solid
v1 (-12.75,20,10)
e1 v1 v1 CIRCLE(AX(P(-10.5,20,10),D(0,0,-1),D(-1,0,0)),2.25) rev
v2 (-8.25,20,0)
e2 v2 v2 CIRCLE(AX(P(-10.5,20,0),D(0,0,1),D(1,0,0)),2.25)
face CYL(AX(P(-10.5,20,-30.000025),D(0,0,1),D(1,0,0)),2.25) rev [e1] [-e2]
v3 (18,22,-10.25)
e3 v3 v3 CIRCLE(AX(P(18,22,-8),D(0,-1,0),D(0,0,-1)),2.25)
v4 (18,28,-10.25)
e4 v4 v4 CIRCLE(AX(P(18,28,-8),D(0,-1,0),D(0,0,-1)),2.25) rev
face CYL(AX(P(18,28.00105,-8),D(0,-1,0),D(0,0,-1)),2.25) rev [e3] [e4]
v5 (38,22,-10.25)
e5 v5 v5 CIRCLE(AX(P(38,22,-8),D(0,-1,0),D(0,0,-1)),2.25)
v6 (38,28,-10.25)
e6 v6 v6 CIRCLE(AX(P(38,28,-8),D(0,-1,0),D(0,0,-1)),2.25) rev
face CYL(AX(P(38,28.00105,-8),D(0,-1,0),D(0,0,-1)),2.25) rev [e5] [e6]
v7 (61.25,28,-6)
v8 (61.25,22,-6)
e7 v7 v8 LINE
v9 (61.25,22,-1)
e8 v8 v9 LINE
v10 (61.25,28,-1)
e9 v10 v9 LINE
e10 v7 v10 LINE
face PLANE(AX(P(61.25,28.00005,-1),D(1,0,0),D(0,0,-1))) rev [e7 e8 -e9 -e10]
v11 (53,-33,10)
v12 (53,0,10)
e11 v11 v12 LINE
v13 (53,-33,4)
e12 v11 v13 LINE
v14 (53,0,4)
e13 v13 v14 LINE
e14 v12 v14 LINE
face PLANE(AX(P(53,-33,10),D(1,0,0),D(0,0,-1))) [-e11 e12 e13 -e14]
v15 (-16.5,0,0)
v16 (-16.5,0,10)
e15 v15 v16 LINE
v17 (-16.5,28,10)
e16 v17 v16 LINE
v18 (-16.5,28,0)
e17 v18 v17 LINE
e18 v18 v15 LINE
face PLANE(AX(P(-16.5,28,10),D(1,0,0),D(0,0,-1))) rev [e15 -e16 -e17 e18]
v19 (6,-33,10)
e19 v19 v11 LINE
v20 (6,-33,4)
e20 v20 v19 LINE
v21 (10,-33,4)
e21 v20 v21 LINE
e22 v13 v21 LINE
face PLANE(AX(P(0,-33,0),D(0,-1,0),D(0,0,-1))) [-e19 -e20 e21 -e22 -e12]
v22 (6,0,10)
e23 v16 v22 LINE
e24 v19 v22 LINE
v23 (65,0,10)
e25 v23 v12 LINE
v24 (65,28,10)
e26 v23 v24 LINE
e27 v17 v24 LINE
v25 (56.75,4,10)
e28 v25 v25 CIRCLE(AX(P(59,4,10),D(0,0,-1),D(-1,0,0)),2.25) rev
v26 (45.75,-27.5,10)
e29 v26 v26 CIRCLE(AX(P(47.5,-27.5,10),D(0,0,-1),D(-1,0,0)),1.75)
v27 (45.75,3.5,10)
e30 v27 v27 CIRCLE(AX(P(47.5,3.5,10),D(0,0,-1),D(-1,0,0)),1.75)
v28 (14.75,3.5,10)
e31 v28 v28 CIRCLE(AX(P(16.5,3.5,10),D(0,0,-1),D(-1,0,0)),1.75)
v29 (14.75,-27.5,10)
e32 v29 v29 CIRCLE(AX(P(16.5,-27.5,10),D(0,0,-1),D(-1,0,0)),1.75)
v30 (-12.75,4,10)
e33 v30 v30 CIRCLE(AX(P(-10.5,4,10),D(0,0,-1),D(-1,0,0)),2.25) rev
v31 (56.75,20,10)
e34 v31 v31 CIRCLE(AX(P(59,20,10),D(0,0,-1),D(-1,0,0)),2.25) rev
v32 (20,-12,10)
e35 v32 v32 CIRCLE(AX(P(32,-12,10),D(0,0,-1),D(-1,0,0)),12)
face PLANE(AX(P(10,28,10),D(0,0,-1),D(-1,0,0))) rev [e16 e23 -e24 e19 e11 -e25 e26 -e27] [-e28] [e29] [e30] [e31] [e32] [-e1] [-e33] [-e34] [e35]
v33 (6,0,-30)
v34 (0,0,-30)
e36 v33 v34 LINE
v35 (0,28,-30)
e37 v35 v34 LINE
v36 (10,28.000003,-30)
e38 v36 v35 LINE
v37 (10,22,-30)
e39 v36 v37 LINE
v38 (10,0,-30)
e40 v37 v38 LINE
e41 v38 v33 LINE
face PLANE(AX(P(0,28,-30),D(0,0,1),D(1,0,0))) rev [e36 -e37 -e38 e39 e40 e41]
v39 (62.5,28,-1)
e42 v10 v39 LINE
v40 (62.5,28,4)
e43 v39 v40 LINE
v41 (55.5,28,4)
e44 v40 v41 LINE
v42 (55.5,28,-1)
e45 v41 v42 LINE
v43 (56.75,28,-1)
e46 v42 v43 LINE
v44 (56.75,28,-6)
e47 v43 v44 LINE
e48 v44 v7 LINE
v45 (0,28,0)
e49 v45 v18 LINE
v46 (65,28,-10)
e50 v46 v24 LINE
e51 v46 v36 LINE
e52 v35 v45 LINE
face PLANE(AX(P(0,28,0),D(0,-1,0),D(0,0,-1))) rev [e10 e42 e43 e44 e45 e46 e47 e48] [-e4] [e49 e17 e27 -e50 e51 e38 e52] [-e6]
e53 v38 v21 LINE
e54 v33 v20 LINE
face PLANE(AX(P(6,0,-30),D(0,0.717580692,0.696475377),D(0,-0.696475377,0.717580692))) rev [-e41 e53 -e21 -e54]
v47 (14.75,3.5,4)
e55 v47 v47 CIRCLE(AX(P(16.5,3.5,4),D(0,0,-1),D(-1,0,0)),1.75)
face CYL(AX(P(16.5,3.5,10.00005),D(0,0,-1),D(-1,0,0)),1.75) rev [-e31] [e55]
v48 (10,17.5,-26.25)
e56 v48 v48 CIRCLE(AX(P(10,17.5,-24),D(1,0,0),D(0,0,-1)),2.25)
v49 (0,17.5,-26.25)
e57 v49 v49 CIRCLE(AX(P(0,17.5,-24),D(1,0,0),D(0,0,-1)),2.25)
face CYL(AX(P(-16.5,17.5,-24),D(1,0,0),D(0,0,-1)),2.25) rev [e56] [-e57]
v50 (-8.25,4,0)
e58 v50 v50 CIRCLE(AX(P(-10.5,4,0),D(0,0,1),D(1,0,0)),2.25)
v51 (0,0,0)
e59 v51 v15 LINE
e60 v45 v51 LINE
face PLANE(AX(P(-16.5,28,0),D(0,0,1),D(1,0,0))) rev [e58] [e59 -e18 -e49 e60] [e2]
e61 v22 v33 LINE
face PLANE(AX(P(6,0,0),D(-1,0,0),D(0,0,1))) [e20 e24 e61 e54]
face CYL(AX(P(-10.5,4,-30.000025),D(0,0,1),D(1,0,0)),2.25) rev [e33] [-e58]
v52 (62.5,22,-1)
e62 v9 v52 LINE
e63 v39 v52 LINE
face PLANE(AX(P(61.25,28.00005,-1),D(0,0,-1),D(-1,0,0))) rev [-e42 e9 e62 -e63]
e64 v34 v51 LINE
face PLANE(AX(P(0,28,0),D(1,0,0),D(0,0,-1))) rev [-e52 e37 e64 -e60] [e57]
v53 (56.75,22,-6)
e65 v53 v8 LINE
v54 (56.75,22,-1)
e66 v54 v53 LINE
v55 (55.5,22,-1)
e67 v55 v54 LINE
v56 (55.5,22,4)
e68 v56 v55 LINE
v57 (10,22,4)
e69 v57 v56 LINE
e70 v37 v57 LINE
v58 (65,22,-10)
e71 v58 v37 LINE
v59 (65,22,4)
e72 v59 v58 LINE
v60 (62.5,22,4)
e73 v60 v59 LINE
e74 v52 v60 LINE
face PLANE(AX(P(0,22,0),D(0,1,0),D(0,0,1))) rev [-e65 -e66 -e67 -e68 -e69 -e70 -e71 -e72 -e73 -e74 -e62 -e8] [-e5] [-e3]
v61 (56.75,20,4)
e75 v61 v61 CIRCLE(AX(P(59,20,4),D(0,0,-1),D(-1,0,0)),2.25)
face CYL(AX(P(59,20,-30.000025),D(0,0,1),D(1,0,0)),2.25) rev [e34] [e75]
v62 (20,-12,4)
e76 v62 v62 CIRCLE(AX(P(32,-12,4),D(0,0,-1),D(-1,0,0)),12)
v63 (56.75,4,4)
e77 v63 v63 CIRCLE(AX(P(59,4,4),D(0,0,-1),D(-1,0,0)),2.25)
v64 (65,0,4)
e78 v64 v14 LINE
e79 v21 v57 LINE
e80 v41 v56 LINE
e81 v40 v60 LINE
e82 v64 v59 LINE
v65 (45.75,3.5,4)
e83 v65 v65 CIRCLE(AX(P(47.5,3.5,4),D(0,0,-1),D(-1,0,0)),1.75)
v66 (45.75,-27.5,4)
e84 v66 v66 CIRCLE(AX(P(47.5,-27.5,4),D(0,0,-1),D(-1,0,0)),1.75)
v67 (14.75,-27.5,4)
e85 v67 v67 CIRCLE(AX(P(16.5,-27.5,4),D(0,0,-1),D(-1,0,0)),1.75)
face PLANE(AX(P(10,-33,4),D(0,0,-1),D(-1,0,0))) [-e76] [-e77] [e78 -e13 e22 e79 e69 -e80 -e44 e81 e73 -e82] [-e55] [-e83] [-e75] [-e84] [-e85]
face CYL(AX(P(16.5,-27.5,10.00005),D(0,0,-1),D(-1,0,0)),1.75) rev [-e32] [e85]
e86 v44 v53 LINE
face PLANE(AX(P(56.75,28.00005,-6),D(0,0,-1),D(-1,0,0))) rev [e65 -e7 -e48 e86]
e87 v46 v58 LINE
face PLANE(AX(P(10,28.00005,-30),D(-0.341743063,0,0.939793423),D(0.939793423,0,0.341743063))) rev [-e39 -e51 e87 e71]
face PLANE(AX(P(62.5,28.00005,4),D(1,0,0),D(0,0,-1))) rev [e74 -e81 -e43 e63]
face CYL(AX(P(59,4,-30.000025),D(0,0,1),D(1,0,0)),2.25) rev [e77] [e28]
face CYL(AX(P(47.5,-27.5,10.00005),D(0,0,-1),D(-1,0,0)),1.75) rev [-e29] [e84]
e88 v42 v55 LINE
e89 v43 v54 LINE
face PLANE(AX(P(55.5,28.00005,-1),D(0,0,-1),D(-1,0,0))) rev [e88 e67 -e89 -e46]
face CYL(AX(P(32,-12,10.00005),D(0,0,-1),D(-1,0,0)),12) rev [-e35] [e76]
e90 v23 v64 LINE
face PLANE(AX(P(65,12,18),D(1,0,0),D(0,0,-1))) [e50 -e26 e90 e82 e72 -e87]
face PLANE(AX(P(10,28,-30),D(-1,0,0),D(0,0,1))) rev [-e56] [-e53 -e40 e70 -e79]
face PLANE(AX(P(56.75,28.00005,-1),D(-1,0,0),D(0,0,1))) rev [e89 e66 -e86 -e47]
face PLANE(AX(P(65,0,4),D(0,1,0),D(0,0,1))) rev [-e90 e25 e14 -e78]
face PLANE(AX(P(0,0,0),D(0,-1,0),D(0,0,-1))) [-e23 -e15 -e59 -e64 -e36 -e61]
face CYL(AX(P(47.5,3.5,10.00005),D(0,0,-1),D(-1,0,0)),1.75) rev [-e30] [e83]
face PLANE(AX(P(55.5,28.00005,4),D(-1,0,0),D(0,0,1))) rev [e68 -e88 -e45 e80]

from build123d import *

# Parameters (mm, degrees)
BOSS_EXTRUDE1_DEPTH = 28
SKETCH3_W           = 43
SKETCH3_H           = 6
BOSS_EXTRUDE2_DEPTH = 61
SKETCH4_R           = 12
SKETCH4_R_2         = 1.75
CUT_EXTRUDE1_DEPTH  = 72.091490349
BOSS_EXTRUDE3_DEPTH = 12
BOSS_EXTRUDE4_DEPTH = 12
SKETCH5_R           = 2.25
CUT_EXTRUDE2_DEPTH  = 88.281154896
SKETCH8_W           = 55
SKETCH8_H           = 34
BOSS_EXTRUDE5_DEPTH = 6
CUT_EXTRUDE3_DEPTH  = 91.277350426
BOSS_EXTRUDE6_DEPTH = 4
SKETCH11_R          = 2.25
CUT_EXTRUDE4_DEPTH  = 71.809603868
CUT_EXTRUDE5_REACH  = 92.277
SKETCH12_R          = 2.25
CUT_EXTRUDE6_DEPTH  = 91.277350426
SKETCH14_W          = 8
SKETCH14_H          = 28
CUT_EXTRUDE7_DEPTH  = 93.90452088


with BuildPart() as part:
    # Sketch2 → Boss-Extrude1 (new body)
    with BuildSketch(Plane(origin=(0, 0, 0), x_dir=(1, 0, 0), z_dir=(0, 1, 0))):
        Polygon((-16.5, 0), (0, 0), (0, 30), (10, 30), (10, -10), (-16.5, -10), align=None)
    extrude(amount=BOSS_EXTRUDE1_DEPTH)

    # Sketch3 → Boss-Extrude2 (add)
    with BuildSketch(Plane(origin=(0, 28, 0), x_dir=(1, 0, 0), z_dir=(0, 1, 0))):
        with Locations((31.5, -7)):
            Rectangle(SKETCH3_W, SKETCH3_H)
    extrude(amount=-BOSS_EXTRUDE2_DEPTH)

    # Sketch4 → Cut-Extrude1 (cut, through all)
    with BuildSketch(Plane(origin=(0, 0, 4), x_dir=(-1, 0, 0), z_dir=(0, 0, -1))):
        with Locations((-32, -12)):
            Circle(SKETCH4_R)
        with Locations((-16.5, 3.5)):
            Circle(SKETCH4_R_2)
        with Locations((-16.5, -27.5)):
            Circle(SKETCH4_R_2)
        with Locations((-47.5, -27.5)):
            Circle(SKETCH4_R_2)
        with Locations((-47.5, 3.5)):
            Circle(SKETCH4_R_2)
    extrude(amount=-CUT_EXTRUDE1_DEPTH, mode=Mode.SUBTRACT)

    # Sketch6 → Boss-Extrude3 (add)
    with BuildSketch(Plane.ZY.offset(16.5)):
        with BuildLine():
            Line((10, 28), (10, 0))
            Line((10, 0), (18, 0))
            Line((18, 0), (18, 8))
            ThreePointArc((18, 8), (14, 12), (18, 16))
            Line((18, 16), (18, 28))
            Line((18, 28), (10, 28))
        make_face()
    extrude(amount=-BOSS_EXTRUDE3_DEPTH)

    # Sketch7 → Boss-Extrude4 (add)
    with BuildSketch(Plane(origin=(53, 0, 0), x_dir=(0, 0, -1), z_dir=(1, 0, 0))):
        with BuildLine():
            Line((-18, 8), (-18, 0))
            Line((-18, 0), (-4, 0))
            Line((-4, 0), (-4, 28))
            Line((-4, 28), (-18, 28))
            Line((-18, 28), (-18, 16))
            ThreePointArc((-18, 16), (-14, 12), (-18, 8))
        make_face()
    extrude(amount=BOSS_EXTRUDE4_DEPTH)

    # Sketch5 → Cut-Extrude2 (cut, through all)
    with BuildSketch(Plane.XY.offset(18)):
        with Locations((-10.5, 20)):
            Circle(SKETCH5_R)
        with Locations((-10.5, 4)):
            Circle(SKETCH5_R)
        with Locations(Location((59, 4, 0), (0, 0, 180))):
            Circle(SKETCH5_R)
        with Locations(Location((59, 20, 0), (0, 0, 180))):
            Circle(SKETCH5_R)
    extrude(amount=-CUT_EXTRUDE2_DEPTH, mode=Mode.SUBTRACT)

    # Sketch8 → Boss-Extrude5 (add)
    with BuildSketch(Plane(origin=(0, 28, 0), x_dir=(1, 0, 0), z_dir=(0, 1, 0))):
        with Locations((37.5, 13)):
            Rectangle(SKETCH8_W, SKETCH8_H)
    extrude(amount=-BOSS_EXTRUDE5_DEPTH)

    # Sketch9 → Cut-Extrude3 (cut, through all)
    with BuildSketch(Plane.XZ.offset(-22)):
        Polygon((55.5, 4), (62.5, 4), (62.5, -1), (61.25, -1), (61.25, -6), (56.75, -6), (56.75, -1), (55.5, -1), align=None)
    extrude(amount=-CUT_EXTRUDE3_DEPTH, mode=Mode.SUBTRACT)

    # Sketch10 → Boss-Extrude6 (add)
    with BuildSketch(Plane.ZY.offset(-10)):
        Polygon((-30, 0), (4, -33), (10, -33), (10, -24.264705882), (10, 0), (-15, 0), align=None)
    extrude(amount=BOSS_EXTRUDE6_DEPTH)

    # Sketch11 → Cut-Extrude4 (cut, through all)
    with BuildSketch(Plane(origin=(10, 0, 0), x_dir=(0, 0, -1), z_dir=(1, 0, 0))):
        with Locations((24, 17.5)):
            Circle(SKETCH11_R)
    extrude(amount=-CUT_EXTRUDE4_DEPTH, mode=Mode.SUBTRACT)

    # Sketch12 → Cut-Extrude5 (cut, up to next)
    with BuildSketch(Plane.XZ.offset(-22), mode=Mode.PRIVATE) as cut_extrude5_sk1:
        with Locations(Location((18, -8, 0), (0, 0, 270))):
            Circle(SKETCH12_R)
    cut_extrude5_tool1 = extrude(cut_extrude5_sk1.sketch, amount=-CUT_EXTRUDE5_REACH, mode=Mode.PRIVATE) & part.part
    # Sketch12 → Cut-Extrude5 (cut, up to next)
    with BuildSketch(Plane.XZ.offset(-22), mode=Mode.PRIVATE) as cut_extrude5_sk2:
        with Locations(Location((38, -8, 0), (0, 0, 270))):
            Circle(SKETCH12_R)
    cut_extrude5_tool2 = extrude(cut_extrude5_sk2.sketch, amount=-CUT_EXTRUDE5_REACH, mode=Mode.PRIVATE) & part.part
    add(cut_extrude5_tool1.solids().sort_by_distance((18, 22, -8))[0], mode=Mode.SUBTRACT)
    add(cut_extrude5_tool2.solids().sort_by_distance((38, 22, -8))[0], mode=Mode.SUBTRACT)

    # Sketch13 → Cut-Extrude6 (cut, through all)
    with BuildSketch(Plane.XZ.offset(-22)):
        Polygon((10, -30), (65, -10), (65, -30), align=None)
    extrude(amount=-CUT_EXTRUDE6_DEPTH, mode=Mode.SUBTRACT)

    # Sketch14 → Cut-Extrude7 (cut, through all)
    with BuildSketch(Plane.ZY.offset(16.5)):
        with Locations((14, 14)):
            Rectangle(SKETCH14_W, SKETCH14_H)
    extrude(amount=-CUT_EXTRUDE7_DEPTH, mode=Mode.SUBTRACT)


solid = part.part
